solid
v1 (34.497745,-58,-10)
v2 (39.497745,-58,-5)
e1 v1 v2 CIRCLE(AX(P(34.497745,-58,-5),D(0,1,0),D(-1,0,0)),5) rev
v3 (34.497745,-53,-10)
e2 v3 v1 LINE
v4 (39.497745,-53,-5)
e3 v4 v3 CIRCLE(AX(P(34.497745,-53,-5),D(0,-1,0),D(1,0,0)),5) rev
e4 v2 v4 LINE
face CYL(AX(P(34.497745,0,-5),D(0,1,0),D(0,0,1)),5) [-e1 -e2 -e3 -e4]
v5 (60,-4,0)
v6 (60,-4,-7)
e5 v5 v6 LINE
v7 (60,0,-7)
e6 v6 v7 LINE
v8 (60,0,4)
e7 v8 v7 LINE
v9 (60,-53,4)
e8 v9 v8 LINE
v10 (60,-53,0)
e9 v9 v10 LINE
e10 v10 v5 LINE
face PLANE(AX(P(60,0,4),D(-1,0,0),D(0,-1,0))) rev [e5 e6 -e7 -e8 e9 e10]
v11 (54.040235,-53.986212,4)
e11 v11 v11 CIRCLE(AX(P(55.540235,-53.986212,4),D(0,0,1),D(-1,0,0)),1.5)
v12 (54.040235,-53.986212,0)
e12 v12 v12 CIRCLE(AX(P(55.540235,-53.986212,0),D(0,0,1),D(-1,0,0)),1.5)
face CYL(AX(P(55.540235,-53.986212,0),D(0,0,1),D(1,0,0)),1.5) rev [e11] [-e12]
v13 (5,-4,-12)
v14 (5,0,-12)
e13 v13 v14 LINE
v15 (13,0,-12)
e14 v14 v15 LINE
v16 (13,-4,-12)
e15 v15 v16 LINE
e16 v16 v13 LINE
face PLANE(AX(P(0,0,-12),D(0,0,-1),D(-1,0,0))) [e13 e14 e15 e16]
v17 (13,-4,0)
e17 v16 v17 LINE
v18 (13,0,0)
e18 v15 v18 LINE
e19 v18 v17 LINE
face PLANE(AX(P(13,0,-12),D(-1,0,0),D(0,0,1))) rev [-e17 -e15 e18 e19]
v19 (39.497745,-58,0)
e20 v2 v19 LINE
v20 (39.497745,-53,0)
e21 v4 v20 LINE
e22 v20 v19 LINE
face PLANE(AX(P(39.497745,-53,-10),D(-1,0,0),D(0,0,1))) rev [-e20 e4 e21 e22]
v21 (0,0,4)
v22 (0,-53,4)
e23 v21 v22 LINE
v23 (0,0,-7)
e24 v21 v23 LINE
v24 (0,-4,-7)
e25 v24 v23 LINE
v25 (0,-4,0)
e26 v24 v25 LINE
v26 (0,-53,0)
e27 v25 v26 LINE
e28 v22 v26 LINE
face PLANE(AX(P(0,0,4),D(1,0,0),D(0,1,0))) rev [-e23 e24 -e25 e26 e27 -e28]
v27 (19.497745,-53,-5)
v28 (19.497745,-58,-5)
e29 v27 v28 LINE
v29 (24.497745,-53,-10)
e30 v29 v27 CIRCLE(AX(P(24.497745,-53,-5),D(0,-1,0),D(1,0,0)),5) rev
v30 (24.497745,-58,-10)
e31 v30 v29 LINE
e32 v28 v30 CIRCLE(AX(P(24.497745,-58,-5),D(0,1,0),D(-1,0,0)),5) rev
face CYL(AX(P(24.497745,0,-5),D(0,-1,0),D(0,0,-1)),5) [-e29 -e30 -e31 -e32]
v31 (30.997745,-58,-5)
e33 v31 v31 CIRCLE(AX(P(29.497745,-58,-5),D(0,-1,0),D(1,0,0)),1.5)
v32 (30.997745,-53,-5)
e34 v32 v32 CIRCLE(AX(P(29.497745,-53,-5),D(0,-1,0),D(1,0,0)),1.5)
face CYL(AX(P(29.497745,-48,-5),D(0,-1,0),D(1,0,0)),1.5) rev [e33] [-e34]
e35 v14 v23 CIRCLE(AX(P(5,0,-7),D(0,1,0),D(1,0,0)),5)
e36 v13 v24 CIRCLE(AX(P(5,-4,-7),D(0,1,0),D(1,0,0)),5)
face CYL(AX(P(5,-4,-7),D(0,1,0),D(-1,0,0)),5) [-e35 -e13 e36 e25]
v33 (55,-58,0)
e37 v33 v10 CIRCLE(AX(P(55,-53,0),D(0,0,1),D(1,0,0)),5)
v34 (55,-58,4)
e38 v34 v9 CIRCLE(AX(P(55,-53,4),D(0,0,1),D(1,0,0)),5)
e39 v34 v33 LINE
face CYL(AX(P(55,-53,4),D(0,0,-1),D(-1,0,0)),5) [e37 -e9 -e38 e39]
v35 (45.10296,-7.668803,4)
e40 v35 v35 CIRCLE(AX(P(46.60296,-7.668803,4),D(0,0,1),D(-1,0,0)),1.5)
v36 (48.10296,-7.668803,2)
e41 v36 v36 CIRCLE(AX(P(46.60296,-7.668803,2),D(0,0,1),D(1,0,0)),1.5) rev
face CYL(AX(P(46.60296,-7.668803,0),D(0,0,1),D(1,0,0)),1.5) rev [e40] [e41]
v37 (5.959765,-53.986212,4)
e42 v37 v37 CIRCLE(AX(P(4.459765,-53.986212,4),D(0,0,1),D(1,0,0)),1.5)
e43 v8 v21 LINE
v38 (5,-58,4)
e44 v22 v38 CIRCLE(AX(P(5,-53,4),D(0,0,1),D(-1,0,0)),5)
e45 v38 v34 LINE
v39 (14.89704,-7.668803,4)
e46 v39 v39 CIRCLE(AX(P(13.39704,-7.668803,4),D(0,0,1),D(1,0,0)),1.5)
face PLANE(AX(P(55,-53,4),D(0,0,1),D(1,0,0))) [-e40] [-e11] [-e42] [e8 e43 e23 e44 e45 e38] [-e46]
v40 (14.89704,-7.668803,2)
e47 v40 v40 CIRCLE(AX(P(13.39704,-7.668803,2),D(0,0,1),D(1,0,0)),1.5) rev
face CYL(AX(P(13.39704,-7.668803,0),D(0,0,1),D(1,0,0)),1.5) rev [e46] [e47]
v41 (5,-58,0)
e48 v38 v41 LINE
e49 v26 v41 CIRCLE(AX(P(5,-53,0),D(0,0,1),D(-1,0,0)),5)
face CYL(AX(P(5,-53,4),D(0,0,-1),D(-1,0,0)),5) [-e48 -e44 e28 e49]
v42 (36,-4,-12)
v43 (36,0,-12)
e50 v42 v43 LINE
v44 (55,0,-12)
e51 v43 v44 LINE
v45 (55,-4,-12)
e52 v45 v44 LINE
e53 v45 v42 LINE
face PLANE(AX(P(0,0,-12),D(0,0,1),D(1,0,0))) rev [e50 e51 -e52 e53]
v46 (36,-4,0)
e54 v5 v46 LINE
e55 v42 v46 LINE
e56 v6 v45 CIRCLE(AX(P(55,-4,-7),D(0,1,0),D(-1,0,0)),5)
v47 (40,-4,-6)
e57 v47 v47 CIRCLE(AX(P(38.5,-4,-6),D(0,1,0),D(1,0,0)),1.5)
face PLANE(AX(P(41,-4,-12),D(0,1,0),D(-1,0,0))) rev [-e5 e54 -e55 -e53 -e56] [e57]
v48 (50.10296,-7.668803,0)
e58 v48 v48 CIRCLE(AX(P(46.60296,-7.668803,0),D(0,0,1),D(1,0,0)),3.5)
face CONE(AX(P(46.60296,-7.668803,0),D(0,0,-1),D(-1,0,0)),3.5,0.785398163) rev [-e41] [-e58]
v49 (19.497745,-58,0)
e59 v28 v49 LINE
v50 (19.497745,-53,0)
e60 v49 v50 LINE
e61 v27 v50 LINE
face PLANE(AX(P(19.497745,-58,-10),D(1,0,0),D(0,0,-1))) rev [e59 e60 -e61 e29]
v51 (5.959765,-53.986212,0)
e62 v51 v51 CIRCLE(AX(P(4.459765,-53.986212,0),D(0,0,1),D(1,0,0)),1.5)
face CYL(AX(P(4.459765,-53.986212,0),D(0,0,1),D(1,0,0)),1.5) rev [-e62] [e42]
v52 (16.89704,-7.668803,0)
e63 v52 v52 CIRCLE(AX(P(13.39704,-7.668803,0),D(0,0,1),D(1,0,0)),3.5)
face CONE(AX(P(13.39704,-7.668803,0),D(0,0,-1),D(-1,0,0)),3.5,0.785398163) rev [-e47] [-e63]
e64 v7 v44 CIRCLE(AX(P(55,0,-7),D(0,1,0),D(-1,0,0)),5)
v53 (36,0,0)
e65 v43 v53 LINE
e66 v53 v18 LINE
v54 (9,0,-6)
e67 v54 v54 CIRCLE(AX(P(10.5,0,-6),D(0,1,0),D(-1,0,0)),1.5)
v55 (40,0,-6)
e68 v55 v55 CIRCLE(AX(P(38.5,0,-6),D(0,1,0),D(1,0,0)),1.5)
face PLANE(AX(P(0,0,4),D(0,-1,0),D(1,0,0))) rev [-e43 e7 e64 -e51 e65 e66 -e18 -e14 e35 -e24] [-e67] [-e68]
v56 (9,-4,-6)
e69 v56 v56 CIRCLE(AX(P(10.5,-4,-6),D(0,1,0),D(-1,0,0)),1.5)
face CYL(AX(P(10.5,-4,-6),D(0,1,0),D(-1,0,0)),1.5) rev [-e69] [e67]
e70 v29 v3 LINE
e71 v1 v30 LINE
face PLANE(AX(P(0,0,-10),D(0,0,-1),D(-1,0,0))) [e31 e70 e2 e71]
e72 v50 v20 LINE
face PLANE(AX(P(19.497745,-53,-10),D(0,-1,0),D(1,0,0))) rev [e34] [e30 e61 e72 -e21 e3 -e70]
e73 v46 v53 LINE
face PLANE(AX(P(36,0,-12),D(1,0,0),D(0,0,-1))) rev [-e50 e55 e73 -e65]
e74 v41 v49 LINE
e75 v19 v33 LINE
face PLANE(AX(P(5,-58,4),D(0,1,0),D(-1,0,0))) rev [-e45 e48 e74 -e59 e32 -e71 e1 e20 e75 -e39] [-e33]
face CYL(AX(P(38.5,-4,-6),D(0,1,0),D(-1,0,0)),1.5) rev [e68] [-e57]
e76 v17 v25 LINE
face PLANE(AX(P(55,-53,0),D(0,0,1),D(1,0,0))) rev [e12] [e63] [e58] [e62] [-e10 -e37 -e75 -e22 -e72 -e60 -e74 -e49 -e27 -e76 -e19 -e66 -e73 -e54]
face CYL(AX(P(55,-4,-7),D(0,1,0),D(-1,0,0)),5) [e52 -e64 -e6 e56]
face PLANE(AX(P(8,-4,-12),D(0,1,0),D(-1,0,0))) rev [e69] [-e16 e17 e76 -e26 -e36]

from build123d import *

# Parameters (mm, degrees)
BOSS_EXTRU_1_DEPTH      = 4
ESQUISSE2_R             = 1.5
ENL_V_MAT_EXTRU_1_DEPTH = 4
ESQUISSE3_W             = 5
ESQUISSE3_H             = 4
BOSS_EXTRU_2_DEPTH      = 12
BOSS_EXTRU_3_DEPTH      = 4
ESQUISSE5_R             = 1.5
ENL_V_MAT_EXTRU_2_DEPTH = 4
CHANFREIN2_SIZE         = 2
ESQUISSE6_W             = 20
ESQUISSE6_H             = 5
BOSS_EXTRU_4_DEPTH      = 10
CONG_1_R                = 5
ESQUISSE7_R             = 1.5
ENL_V_MAT_EXTRU_3_DEPTH = 10


with BuildPart() as part:
    # Esquisse1 → Boss.-Extru.1 (new body)
    with BuildSketch(Plane.XY):
        with BuildLine():
            Line((0, 0), (0, -53))
            ThreePointArc((0, -53), (1.464466094, -56.535533906), (5, -58))
            Line((5, -58), (55, -58))
            ThreePointArc((55, -58), (58.535533906, -56.535533906), (60, -53))
            Line((60, -53), (60, 0))
            Line((60, 0), (0, 0))
        make_face()
    extrude(amount=BOSS_EXTRU_1_DEPTH)

    # Esquisse2 → Enlèv. mat.-Extru.1 (cut)
    with BuildSketch(Plane.XY.offset(4)):
        with Locations((13.397040157, -7.66880337)):
            Circle(ESQUISSE2_R)
        with Locations((4.459764877, -53.98621161)):
            Circle(ESQUISSE2_R)
        with Locations((55.540235123, -53.98621161)):
            Circle(ESQUISSE2_R)
        with Locations((46.602959843, -7.66880337)):
            Circle(ESQUISSE2_R)
    extrude(amount=-ENL_V_MAT_EXTRU_1_DEPTH, mode=Mode.SUBTRACT)

    # Esquisse3 → Boss.-Extru.2 (add)
    with BuildSketch(Plane(origin=(0, 0, 0), x_dir=(-1, 0, 0), z_dir=(0, 0, -1))):
        with Locations((-38.5, -2)):
            Rectangle(ESQUISSE3_W, ESQUISSE3_H)
        with Locations((-10.5, -2)):
            Rectangle(ESQUISSE3_W, ESQUISSE3_H)
    extrude(amount=BOSS_EXTRU_2_DEPTH)

    # Esquisse4 → Boss.-Extru.3 (add)
    with BuildSketch(Plane(origin=(0, 0, 0), x_dir=(1, 0, 0), z_dir=(0, 1, 0))):
        with BuildLine():
            Line((0, 0), (8, 0))
            Line((8, 0), (8, 12))
            Line((8, 12), (5, 12))
            ThreePointArc((5, 12), (1.464466094, 10.535533906), (0, 7))
            Line((0, 7), (0, 0))
        make_face()
        with BuildLine():
            Line((60, 0), (41, 0))
            Line((41, 0), (41, 12))
            Line((41, 12), (55, 12))
            ThreePointArc((55, 12), (58.535533906, 10.535533906), (60, 7))
            Line((60, 7), (60, 0))
        make_face()
    extrude(amount=-BOSS_EXTRU_3_DEPTH)

    # Esquisse5 → Enlèv. mat.-Extru.2 (cut)
    with BuildSketch(Plane(origin=(0, 0, 0), x_dir=(1, 0, 0), z_dir=(0, 1, 0))):
        with Locations((10.5, 6)):
            Circle(ESQUISSE5_R)
        with Locations((38.5, 6)):
            Circle(ESQUISSE5_R)
    extrude(amount=-ENL_V_MAT_EXTRU_2_DEPTH, mode=Mode.SUBTRACT)

    # Chanfrein2
    chanfrein2_edges = [part.edges().sort_by_distance(p)[0] for p in [
        (45.102959843, -7.66880337, 0),
        (11.897040157, -7.66880337, 0),
    ]]
    chamfer(chanfrein2_edges, length=CHANFREIN2_SIZE)

    # Esquisse6 → Boss.-Extru.4 (add)
    with BuildSketch(Plane(origin=(0, 0, 0), x_dir=(-1, 0, 0), z_dir=(0, 0, -1))):
        with Locations((-29.497744904, -55.5)):
            Rectangle(ESQUISSE6_W, ESQUISSE6_H)
    extrude(amount=BOSS_EXTRU_4_DEPTH)

    # Congé1
    cong_1_edges = [part.edges().sort_by_distance(p)[0] for p in [
        (39.497744904, -55.5, -10),
        (19.497744904, -55.5, -10),
    ]]
    fillet(cong_1_edges, radius=CONG_1_R)

    # Esquisse7 → Enlèv. mat.-Extru.3 (cut)
    with BuildSketch(Plane.XZ.offset(58)):
        with Locations((29.497744904, -5)):
            Circle(ESQUISSE7_R)
    extrude(amount=-ENL_V_MAT_EXTRU_3_DEPTH, mode=Mode.SUBTRACT)


solid = part.part
